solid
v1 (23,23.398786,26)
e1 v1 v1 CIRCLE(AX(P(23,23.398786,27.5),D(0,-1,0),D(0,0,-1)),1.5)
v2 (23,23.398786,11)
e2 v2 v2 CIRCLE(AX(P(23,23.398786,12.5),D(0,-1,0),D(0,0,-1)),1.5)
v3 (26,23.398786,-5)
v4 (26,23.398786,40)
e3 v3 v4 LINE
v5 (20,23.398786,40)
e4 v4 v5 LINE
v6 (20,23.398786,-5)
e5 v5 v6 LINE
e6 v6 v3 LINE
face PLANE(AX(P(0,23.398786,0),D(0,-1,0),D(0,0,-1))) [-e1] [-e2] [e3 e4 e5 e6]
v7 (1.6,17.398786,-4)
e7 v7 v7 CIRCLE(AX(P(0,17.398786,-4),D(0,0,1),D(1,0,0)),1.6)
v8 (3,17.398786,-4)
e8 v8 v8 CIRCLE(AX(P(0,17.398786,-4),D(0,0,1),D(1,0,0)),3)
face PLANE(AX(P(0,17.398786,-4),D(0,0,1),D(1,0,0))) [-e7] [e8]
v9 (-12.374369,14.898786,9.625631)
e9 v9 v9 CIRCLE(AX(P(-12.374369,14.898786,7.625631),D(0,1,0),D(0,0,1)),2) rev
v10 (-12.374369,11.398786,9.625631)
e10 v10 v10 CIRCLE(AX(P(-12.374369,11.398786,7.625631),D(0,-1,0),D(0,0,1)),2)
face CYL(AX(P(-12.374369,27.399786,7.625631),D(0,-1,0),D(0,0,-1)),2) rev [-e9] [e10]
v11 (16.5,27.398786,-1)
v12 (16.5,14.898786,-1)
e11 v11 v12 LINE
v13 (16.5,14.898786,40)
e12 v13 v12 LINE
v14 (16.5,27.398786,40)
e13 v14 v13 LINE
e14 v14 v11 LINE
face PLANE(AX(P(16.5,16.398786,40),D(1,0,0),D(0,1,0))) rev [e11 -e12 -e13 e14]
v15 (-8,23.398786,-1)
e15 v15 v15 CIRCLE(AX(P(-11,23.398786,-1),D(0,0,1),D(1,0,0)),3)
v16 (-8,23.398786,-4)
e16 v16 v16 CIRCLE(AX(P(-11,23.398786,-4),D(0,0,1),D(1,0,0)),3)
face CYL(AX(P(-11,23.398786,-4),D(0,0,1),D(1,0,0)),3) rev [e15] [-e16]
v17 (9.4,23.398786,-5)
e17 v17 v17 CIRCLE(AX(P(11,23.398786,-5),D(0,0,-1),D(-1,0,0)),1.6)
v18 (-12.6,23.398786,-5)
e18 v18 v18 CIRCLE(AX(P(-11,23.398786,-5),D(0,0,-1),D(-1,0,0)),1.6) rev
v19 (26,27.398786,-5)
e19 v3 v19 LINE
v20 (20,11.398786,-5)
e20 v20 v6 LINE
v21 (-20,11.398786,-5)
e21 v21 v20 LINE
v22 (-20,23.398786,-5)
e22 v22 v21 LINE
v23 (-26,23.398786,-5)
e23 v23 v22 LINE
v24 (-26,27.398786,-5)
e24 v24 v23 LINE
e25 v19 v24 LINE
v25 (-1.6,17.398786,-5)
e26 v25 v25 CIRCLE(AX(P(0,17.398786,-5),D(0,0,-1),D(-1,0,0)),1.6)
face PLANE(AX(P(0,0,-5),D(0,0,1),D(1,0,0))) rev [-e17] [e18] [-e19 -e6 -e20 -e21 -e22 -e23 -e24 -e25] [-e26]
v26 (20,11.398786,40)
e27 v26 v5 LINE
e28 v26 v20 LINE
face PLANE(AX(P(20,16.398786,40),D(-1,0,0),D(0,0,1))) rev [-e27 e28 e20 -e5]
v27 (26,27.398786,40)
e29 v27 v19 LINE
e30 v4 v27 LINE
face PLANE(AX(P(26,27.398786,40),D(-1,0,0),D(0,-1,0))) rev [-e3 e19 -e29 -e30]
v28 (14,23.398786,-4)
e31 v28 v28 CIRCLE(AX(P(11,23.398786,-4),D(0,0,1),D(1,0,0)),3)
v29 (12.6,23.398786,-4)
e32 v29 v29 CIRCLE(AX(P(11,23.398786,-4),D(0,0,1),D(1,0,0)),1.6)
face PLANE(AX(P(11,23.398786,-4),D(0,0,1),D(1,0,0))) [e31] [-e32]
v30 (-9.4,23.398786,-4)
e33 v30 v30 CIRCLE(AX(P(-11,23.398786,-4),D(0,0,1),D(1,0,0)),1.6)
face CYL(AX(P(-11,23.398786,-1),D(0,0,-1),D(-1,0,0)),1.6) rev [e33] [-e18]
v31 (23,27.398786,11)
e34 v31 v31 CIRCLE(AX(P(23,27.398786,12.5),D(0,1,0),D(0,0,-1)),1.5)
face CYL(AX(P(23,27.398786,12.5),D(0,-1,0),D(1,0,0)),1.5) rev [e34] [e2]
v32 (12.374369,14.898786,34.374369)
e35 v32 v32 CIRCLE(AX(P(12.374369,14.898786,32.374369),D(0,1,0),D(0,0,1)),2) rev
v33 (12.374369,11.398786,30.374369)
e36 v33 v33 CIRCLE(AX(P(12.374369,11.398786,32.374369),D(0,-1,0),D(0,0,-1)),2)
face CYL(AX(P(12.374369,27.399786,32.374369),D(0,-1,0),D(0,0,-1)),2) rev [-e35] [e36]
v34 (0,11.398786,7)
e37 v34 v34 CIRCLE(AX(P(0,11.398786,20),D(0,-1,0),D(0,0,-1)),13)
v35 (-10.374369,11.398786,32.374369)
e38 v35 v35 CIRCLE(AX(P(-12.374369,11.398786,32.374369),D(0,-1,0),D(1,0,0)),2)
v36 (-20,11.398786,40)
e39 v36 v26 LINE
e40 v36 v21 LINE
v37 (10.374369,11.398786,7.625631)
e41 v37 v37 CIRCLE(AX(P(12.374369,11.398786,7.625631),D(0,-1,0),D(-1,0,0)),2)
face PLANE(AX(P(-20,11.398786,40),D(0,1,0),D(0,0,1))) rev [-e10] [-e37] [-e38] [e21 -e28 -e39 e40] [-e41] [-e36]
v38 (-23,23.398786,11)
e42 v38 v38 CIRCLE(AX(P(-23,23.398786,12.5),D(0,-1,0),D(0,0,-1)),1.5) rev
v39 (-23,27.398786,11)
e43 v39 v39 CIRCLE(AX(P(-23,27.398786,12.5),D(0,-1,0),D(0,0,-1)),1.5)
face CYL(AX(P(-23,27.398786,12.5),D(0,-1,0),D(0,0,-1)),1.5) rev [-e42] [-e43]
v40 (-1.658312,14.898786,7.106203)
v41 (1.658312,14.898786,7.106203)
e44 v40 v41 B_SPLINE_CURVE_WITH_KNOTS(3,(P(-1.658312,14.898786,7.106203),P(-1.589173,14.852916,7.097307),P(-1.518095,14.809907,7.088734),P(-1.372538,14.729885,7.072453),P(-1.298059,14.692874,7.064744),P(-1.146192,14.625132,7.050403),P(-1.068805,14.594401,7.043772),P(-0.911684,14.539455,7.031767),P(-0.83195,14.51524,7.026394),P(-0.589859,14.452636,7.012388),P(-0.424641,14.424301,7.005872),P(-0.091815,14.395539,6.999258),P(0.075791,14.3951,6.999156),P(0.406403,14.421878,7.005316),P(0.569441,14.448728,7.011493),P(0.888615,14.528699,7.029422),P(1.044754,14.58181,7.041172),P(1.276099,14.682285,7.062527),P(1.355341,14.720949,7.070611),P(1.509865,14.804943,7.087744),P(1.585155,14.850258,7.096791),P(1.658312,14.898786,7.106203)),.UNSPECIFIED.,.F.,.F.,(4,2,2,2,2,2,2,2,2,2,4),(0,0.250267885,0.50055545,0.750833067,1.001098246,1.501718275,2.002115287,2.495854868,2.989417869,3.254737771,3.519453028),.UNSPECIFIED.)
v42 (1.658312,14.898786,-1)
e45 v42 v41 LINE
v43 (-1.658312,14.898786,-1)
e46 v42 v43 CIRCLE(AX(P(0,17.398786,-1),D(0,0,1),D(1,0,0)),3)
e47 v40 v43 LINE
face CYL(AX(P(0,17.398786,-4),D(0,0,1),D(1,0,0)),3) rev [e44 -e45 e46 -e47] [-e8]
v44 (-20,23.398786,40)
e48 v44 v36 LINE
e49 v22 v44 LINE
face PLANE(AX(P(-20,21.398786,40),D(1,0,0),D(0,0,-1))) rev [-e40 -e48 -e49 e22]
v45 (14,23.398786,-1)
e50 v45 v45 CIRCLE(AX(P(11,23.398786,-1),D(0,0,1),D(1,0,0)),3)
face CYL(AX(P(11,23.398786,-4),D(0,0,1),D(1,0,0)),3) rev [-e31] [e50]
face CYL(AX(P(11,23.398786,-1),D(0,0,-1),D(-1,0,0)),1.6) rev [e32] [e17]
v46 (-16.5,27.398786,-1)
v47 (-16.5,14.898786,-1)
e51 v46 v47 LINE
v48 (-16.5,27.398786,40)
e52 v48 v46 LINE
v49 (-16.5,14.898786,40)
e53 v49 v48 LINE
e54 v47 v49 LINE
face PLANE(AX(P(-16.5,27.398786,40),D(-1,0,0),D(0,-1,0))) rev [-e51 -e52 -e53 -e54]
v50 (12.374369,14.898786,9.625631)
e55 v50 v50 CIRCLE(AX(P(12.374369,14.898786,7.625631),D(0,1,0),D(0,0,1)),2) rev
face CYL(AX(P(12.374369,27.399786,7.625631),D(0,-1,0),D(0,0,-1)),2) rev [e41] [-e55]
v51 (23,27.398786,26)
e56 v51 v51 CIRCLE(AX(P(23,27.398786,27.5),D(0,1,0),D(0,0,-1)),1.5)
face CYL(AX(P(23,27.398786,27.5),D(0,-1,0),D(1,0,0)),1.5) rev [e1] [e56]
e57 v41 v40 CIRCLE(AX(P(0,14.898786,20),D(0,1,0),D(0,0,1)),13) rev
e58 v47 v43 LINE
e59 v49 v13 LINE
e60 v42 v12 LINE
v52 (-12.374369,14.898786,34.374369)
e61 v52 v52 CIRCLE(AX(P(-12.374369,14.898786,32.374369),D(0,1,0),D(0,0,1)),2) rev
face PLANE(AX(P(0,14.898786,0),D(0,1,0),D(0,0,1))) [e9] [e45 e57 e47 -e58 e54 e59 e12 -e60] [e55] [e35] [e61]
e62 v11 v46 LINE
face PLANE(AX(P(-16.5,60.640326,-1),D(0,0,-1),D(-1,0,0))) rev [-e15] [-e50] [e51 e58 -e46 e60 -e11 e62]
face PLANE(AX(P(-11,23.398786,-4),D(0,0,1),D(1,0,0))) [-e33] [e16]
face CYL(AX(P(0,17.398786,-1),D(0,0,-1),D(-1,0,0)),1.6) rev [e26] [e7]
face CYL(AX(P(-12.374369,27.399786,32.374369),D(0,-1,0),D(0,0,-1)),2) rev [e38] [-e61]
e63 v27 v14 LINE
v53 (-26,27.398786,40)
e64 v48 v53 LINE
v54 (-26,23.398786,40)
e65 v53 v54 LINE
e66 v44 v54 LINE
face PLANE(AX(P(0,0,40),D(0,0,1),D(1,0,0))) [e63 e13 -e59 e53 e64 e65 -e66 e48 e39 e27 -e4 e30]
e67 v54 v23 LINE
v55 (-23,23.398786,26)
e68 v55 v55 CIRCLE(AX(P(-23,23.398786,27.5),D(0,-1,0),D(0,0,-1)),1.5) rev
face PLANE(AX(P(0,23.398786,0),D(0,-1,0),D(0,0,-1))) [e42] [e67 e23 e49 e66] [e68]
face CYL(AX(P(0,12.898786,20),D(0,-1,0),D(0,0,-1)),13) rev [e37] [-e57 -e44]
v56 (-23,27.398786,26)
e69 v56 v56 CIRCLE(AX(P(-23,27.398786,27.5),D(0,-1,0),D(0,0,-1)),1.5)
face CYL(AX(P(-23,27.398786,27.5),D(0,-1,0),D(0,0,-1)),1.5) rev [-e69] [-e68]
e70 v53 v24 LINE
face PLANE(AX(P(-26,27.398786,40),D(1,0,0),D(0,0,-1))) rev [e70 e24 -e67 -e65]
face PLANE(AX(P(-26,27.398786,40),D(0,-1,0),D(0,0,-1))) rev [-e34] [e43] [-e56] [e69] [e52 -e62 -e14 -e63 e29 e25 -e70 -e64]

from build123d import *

# Parameters (mm, degrees)
EXTRUDE_1_DEPTH          = 40
SKETCH_2_R               = 13
CUT_EXTRUDE_1_DEPTH      = 1.5
SKETCH_3_R               = 13
CUT_EXTRUDE_2_DEPTH      = 50.862310416
CUT_EXTRUDE_3_REACH      = 52.319
SKETCH_4_R               = 2
PATTERN_CIRCULAR_1_COUNT = 4
SKETCH_5_R               = 1.5
CUT_EXTRUDE_4_DEPTH      = 49.744230428
SKETCH_6_W               = 33
SKETCH_6_H               = 40
CUT_EXTRUDE_5_DEPTH      = 1.5
SKETCH_7_W               = 6
SKETCH_7_H               = 40
CUT_EXTRUDE_6_DEPTH      = 2
EXTRUDE_2_DEPTH          = 5
SKETCH_9_W               = 33
SKETCH_9_H               = 4
EXTRUDE_3_DEPTH          = 12.5
SKETCH_10_R              = 1.6
CUT_EXTRUDE_7_DEPTH      = 4
CUT_EXTRUDE_START        = -3
SKETCH_11_R              = 3
SKETCH_11_R_2            = 1.6
CUT_EXTRUDE_8_DEPTH      = 3
SKETCH_12_R              = 3
CUT_EXTRUDE_9_DEPTH      = 14


with BuildPart() as part:
    # 草图1 → 凸台-拉伸1 (new body)
    with BuildSketch(Plane.XY):
        Polygon((-16.5, 27.398785639), (-16.5, 16.398785639), (16.5, 16.398785639), (16.5, 27.398785639), (26, 27.398785639), (26, 21.398785639), (20, 21.398785639), (20, 16.398785639), (20, 11.398785639), (-20, 11.398785639), (-20, 21.398785639), (-26, 21.398785639), (-26, 27.398785639), align=None)
    extrude(amount=EXTRUDE_1_DEPTH)

    # 草图2 → 切除-拉伸1 (cut)
    with BuildSketch(Plane.XZ.offset(-11.398785639)):
        with Locations(Location((0, 20, 0), (0, 0, 270))):
            Circle(SKETCH_2_R)
    extrude(amount=-CUT_EXTRUDE_1_DEPTH, mode=Mode.SUBTRACT)

    # 草图3 → 切除-拉伸2 (cut, through all)
    with BuildSketch(Plane.XZ.offset(-12.898785639)):
        with Locations(Location((0, 20, 0), (0, 0, 270))):
            Circle(SKETCH_3_R)
    extrude(amount=-CUT_EXTRUDE_2_DEPTH, mode=Mode.SUBTRACT)

    # 草图4 → 切除-拉伸3 (cut, up to next)
    with BuildSketch(Plane.XZ.offset(-11.398785639), mode=Mode.PRIVATE) as cut_extrude_3_sk1:
        with Locations(Location((12.374368671, 32.374368671, 0), (0, 0, 270))):
            Circle(SKETCH_4_R)
    cut_extrude_3_tool1 = extrude(cut_extrude_3_sk1.sketch, amount=-CUT_EXTRUDE_3_REACH, mode=Mode.PRIVATE) & part.part
    cut_extrude_3 = cut_extrude_3_tool1.solids().sort_by_distance((12.374369, 11.398786, 32.374369))[0]
    add(cut_extrude_3, mode=Mode.SUBTRACT)

    # 阵列(圆周)1: 切除-拉伸3 ×4 about axis
    pattern_circular_1_axis = Axis((0, 0, 20), (0, 1, 0))
    for i in range(1, PATTERN_CIRCULAR_1_COUNT):
        add(cut_extrude_3.rotate(pattern_circular_1_axis, i * 360 / PATTERN_CIRCULAR_1_COUNT), mode=Mode.SUBTRACT)

    # 草图5 → 切除-拉伸4 (cut, through all)
    with BuildSketch(Plane.XZ.offset(-21.398785639)):
        with Locations(Location((-23, 27.5, 0), (0, 0, 270))):
            Circle(SKETCH_5_R)
        with Locations(Location((-23, 12.5, 0), (0, 0, 270))):
            Circle(SKETCH_5_R)
    cut_extrude_4 = extrude(amount=-CUT_EXTRUDE_4_DEPTH, mode=Mode.SUBTRACT)

    # 镜向1: 切除-拉伸4 across plane
    add(cut_extrude_4.mirror(Plane.ZY), mode=Mode.SUBTRACT)

    # 草图6 → 切除-拉伸5 (cut)
    with BuildSketch(Plane(origin=(0, 16.398785639, 0), x_dir=(1, 0, 0), z_dir=(0, 1, 0))):
        with Locations((0, -20)):
            Rectangle(SKETCH_6_W, SKETCH_6_H)
    extrude(amount=-CUT_EXTRUDE_5_DEPTH, mode=Mode.SUBTRACT)

    # 草图7 → 切除-拉伸6 (cut)
    with BuildSketch(Plane.XZ.offset(-21.398785639)):
        with Locations((-23, 20)):
            Rectangle(SKETCH_7_W, SKETCH_7_H)
        with Locations((23, 20)):
            Rectangle(SKETCH_7_W, SKETCH_7_H)
    extrude(amount=-CUT_EXTRUDE_6_DEPTH, mode=Mode.SUBTRACT)

    # 草图8 → 凸台-拉伸2 (add)
    with BuildSketch(Plane.XY):
        Polygon((20, 11.398785639), (20, 23.398785639), (26, 23.398785639), (26, 27.398785639), (16.5, 27.398785639), (16.5, 14.898785639), (-16.5, 14.898785639), (-16.5, 27.398785639), (-26, 27.398785639), (-26, 23.398785639), (-20, 23.398785639), (-20, 11.398785639), align=None)
    extrude(amount=-EXTRUDE_2_DEPTH)

    # 草图9 → 凸台-拉伸3 (add)
    with BuildSketch(Plane(origin=(0, 14.898785639, 0), x_dir=(1, 0, 0), z_dir=(0, 1, 0))):
        with Locations((0, 3)):
            Rectangle(SKETCH_9_W, SKETCH_9_H)
    extrude(amount=EXTRUDE_3_DEPTH)

    # 草图10 → 切除-拉伸7 (cut)
    with BuildSketch(Plane(origin=(0, 0, -5), x_dir=(-1, 0, 0), z_dir=(0, 0, -1))):
        with Locations((-11, 23.398785639)):
            Circle(SKETCH_10_R)
        with Locations((0, 17.398785639)):
            Circle(SKETCH_10_R)
        with Locations((11, 23.398785639)):
            Circle(SKETCH_10_R)
    extrude(amount=-CUT_EXTRUDE_7_DEPTH, mode=Mode.SUBTRACT)

    # 草图11 → 切除-拉伸8 (cut)
    # profile 1 of 3: a face of its own
    with BuildSketch(Plane.XY.offset(-1).offset(CUT_EXTRUDE_START)):
        with Locations((-11, 23.398785639)):
            Circle(SKETCH_11_R)
        with Locations(Location((-11, 23.398785639, 0), (0, 0, 180))):
            Circle(SKETCH_11_R_2, mode=Mode.SUBTRACT)
    # profile 2 of 3: a face of its own
    with BuildSketch(Plane.XY.offset(-1).offset(CUT_EXTRUDE_START)):
        with Locations((0, 17.398785639)):
            Circle(SKETCH_11_R)
        with Locations(Location((0, 17.398785639, 0), (0, 0, 180))):
            Circle(SKETCH_11_R_2, mode=Mode.SUBTRACT)
    # profile 3 of 3: a face of its own
    with BuildSketch(Plane.XY.offset(-1).offset(CUT_EXTRUDE_START)):
        with Locations((11, 23.398785639)):
            Circle(SKETCH_11_R)
        with Locations(Location((11, 23.398785639, 0), (0, 0, 180))):
            Circle(SKETCH_11_R_2, mode=Mode.SUBTRACT)
    extrude(amount=CUT_EXTRUDE_8_DEPTH, mode=Mode.SUBTRACT)

    # 草图12 → 切除-拉伸9 (cut)
    with BuildSketch(Plane.XY.offset(-1)):
        with Locations((0, 17.398785639)):
            Circle(SKETCH_12_R)
    extrude(amount=CUT_EXTRUDE_9_DEPTH, mode=Mode.SUBTRACT)


solid = part.part
